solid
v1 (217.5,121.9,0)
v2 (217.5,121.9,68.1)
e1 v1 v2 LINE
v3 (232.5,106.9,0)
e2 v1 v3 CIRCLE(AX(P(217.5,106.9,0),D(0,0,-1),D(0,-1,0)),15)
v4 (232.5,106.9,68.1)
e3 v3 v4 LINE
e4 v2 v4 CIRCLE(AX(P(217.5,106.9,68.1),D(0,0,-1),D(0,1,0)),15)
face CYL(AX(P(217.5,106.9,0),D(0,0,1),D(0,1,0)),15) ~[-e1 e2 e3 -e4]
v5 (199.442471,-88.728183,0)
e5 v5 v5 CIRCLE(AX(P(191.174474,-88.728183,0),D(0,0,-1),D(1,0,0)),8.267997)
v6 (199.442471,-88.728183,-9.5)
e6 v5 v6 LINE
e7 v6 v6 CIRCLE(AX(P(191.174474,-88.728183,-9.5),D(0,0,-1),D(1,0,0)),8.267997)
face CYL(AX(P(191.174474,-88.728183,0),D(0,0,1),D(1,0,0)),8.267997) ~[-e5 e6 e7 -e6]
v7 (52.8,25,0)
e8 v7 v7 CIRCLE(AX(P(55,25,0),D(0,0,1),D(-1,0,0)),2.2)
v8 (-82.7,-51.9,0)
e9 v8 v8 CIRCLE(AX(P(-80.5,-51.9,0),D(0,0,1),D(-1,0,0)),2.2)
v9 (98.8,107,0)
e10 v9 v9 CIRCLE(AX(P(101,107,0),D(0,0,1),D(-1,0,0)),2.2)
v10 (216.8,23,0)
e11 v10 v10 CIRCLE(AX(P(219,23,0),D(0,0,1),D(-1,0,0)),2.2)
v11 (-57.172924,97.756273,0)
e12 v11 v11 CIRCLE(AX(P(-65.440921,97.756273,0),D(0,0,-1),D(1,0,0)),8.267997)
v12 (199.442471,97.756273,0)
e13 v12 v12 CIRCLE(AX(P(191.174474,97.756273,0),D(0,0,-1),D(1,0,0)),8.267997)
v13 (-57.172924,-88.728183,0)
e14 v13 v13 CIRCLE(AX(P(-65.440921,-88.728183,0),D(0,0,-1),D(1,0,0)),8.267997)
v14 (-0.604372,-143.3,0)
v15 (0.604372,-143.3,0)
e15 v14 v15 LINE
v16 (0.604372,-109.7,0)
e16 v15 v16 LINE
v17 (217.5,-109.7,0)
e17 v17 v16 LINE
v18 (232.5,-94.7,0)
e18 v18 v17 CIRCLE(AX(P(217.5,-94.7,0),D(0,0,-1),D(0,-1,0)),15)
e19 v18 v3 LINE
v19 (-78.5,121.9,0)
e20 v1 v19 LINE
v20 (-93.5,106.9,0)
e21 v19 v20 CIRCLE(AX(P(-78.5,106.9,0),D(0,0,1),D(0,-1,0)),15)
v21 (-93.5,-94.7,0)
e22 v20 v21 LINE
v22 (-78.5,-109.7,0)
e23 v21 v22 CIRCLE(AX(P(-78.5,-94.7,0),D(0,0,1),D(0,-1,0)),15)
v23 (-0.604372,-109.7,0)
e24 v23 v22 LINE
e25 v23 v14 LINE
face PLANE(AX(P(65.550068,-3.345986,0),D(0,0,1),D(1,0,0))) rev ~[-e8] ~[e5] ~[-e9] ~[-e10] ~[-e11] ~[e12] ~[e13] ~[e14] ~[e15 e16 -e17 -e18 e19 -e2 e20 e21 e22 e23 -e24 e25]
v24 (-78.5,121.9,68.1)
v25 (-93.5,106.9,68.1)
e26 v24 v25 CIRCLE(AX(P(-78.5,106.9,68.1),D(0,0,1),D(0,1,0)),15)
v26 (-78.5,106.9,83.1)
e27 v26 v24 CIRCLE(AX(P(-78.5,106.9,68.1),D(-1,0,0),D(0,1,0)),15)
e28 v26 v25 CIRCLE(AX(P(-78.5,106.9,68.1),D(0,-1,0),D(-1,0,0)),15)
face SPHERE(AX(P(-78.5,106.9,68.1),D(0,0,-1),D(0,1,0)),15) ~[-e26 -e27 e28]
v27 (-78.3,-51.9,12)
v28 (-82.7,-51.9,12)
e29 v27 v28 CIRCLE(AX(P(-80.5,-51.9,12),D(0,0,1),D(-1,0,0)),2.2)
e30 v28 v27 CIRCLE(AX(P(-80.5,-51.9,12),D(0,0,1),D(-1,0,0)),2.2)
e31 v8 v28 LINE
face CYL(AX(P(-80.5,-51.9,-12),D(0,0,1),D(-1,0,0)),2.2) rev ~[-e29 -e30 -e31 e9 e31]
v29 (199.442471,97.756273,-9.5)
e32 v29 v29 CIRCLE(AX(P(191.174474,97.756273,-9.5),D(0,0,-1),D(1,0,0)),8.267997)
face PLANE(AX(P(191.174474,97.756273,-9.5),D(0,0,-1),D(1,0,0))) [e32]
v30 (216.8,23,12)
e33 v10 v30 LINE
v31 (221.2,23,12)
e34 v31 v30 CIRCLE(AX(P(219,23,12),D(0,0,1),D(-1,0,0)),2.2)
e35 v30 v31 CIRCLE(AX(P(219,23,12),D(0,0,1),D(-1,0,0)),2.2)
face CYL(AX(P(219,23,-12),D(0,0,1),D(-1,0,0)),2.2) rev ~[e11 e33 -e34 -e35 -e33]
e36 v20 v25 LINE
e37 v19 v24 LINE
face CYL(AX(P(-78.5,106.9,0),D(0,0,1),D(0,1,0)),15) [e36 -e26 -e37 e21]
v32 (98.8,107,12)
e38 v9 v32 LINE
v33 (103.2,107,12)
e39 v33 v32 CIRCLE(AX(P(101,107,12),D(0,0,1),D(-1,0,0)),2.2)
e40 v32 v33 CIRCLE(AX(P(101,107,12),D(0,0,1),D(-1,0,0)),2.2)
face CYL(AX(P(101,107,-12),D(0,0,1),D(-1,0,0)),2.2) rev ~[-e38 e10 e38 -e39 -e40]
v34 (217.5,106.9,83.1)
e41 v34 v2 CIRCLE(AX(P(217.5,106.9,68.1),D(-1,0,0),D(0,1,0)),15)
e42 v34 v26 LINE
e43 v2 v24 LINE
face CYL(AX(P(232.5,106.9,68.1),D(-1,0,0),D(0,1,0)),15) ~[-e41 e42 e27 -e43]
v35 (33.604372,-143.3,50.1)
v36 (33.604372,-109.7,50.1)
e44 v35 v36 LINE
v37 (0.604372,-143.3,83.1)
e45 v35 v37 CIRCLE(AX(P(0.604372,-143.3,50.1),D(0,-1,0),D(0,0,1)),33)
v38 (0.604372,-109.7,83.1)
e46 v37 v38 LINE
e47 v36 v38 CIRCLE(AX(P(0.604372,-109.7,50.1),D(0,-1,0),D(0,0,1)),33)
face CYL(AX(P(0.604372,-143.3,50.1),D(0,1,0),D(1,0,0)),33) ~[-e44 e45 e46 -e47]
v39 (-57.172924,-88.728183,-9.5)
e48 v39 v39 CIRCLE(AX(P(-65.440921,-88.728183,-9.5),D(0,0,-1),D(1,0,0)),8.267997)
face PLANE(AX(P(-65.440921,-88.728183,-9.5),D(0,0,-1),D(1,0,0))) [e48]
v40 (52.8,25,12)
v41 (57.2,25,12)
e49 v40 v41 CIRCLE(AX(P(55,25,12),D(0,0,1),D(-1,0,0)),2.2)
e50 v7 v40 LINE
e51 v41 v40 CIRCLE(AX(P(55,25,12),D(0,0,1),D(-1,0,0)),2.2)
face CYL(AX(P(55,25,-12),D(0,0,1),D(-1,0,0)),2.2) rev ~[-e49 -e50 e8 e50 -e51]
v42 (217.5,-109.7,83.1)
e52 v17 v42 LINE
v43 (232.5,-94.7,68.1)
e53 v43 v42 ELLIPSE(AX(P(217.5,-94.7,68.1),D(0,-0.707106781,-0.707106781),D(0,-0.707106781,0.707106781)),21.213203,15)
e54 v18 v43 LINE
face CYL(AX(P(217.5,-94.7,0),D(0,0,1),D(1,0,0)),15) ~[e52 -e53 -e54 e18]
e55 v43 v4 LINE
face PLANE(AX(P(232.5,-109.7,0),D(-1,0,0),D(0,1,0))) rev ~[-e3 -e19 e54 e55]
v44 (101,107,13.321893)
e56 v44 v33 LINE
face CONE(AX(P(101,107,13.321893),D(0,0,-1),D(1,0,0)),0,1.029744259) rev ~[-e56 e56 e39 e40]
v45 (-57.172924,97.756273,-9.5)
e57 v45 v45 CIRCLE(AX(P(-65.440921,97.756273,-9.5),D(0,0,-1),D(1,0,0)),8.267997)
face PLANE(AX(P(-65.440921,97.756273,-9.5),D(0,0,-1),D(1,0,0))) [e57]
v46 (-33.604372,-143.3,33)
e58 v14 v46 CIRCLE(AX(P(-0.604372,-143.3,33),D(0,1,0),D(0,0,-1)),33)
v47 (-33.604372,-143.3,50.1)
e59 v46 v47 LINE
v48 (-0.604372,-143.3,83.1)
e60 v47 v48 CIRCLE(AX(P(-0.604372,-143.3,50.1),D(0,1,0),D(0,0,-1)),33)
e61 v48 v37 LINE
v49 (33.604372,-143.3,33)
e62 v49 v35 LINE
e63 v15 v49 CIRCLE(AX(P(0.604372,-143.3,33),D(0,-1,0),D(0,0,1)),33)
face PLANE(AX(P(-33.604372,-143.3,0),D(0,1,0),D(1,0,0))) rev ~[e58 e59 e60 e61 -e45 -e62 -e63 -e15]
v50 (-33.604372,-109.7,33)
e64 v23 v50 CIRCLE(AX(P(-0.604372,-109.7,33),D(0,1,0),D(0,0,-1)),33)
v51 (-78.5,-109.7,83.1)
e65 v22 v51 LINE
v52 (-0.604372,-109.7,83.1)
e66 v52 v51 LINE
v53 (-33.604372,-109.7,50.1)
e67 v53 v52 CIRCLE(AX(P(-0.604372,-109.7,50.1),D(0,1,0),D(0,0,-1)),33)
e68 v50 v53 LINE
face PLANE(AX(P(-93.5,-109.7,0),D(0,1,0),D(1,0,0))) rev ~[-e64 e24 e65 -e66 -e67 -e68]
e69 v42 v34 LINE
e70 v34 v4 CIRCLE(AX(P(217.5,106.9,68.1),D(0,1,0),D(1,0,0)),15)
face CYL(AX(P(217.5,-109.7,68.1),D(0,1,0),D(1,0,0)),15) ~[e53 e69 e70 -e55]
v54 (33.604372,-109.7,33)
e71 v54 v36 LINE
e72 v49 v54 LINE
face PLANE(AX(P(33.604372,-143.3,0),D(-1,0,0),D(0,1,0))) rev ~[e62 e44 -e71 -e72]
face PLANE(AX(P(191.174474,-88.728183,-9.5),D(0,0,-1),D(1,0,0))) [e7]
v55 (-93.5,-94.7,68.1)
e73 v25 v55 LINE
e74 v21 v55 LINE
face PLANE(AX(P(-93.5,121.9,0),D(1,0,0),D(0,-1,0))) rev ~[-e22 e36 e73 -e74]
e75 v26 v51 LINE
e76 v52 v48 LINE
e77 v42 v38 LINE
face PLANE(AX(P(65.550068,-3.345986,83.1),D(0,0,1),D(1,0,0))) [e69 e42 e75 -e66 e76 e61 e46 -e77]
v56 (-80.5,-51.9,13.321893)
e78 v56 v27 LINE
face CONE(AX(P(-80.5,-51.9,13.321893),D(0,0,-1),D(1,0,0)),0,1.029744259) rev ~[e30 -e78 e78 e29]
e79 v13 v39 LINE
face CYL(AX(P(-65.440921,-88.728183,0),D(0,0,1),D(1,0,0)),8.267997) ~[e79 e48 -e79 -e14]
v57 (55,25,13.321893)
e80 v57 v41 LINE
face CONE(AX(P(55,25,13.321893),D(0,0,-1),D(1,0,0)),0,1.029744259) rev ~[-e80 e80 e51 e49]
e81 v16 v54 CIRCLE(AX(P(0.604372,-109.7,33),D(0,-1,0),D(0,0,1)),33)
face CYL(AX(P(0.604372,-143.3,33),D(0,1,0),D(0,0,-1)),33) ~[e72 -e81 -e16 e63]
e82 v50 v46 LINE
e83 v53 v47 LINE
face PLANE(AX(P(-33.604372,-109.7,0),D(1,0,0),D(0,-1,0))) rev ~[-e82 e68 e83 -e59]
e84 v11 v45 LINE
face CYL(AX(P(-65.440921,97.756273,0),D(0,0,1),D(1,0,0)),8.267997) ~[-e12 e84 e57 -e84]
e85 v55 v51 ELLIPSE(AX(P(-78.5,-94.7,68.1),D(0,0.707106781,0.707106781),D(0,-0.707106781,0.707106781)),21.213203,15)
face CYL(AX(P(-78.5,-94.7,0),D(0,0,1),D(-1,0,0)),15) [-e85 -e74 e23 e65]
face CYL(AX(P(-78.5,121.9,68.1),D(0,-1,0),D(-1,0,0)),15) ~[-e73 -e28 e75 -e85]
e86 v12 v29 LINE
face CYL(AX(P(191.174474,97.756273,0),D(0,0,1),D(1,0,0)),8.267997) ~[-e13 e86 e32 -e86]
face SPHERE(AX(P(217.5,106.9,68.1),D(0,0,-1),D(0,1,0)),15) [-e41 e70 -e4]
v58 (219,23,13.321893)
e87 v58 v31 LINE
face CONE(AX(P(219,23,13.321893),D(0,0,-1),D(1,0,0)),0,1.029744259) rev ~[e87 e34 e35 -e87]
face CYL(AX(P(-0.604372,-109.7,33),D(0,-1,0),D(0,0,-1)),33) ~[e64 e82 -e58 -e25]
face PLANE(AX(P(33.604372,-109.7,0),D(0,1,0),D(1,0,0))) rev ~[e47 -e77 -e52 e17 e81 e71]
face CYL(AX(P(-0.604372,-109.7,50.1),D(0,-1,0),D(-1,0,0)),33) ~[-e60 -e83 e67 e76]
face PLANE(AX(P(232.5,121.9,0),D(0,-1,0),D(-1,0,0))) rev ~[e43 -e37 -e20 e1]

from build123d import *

# Parameters (mm, degrees)
F1_DEPTH = 83.1
F2_R     = 8.2679972053
F3_DEPTH = 9.5
F4_R     = 15
F5_R     = 33
F7_D     = 4.4
F7_DEPTH = 12
F7_TIP   = 1.3218933619


with BuildPart() as f1:
    # F0 (on Top) → F1 (new body)
    with BuildSketch(Plane.XY):
        Polygon((232.5, 121.9), (-93.5, 121.9), (-93.5, -109.7), (-33.6043722928, -109.7), (-33.6043722928, -143.3), (33.6043722928, -143.3), (33.6043722928, -109.7), (232.5, -109.7), align=None)
    extrude(amount=F1_DEPTH)

    # F2 (on face) → F3 (join)
    with BuildSketch(Plane(origin=(0, 0, 0), x_dir=(1, 0, 0), z_dir=(0, 0, -1))):
        with Locations((-65.4409214878, 88.7281829967)):
            Circle(F2_R)
        with Locations((-65.4409214878, -97.7562729967)):
            Circle(F2_R)
        with Locations((191.1744738977, 88.7281829967)):
            Circle(F2_R)
        with Locations((191.1744738977, -97.7562729967)):
            Circle(F2_R)
    extrude(amount=F3_DEPTH)

    # F4
    f4_edges = [f1.edges().sort_by_distance(p)[0] for p in [
        (-93.5, -109.7, 41.55),
        (232.5, -109.7, 41.55),
        (-93.5, 121.9, 41.55),
        (232.5, 121.9, 41.55),
        (69.5, 121.9, 83.1),
        (-93.5, 6.1, 83.1),
        (232.5, 6.1, 83.1),
    ]]
    fillet(f4_edges, radius=F4_R)

    # F5
    f5_edges = [f1.edges().sort_by_distance(p)[0] for p in [
        (-33.604372, -126.5, 83.1),
        (33.604372, -126.5, 83.1),
        (-33.604372, -126.5, 0),
        (33.604372, -126.5, 0),
    ]]
    fillet(f5_edges, radius=F5_R)

    # F7
    with Locations(Plane(origin=(0, 0, 0), x_dir=(1, 0, 0), z_dir=(0, 0, -1))):
        with Locations((-80.5, 51.9), (55, -25), (101, -107), (219, -23)):
            Hole(F7_D / 2, depth=F7_DEPTH)
            with Locations((0, 0, -(F7_DEPTH + F7_TIP / 2))):  # 118° drill point
                Cone(0, F7_D / 2, F7_TIP, mode=Mode.SUBTRACT)


solid = f1.part
